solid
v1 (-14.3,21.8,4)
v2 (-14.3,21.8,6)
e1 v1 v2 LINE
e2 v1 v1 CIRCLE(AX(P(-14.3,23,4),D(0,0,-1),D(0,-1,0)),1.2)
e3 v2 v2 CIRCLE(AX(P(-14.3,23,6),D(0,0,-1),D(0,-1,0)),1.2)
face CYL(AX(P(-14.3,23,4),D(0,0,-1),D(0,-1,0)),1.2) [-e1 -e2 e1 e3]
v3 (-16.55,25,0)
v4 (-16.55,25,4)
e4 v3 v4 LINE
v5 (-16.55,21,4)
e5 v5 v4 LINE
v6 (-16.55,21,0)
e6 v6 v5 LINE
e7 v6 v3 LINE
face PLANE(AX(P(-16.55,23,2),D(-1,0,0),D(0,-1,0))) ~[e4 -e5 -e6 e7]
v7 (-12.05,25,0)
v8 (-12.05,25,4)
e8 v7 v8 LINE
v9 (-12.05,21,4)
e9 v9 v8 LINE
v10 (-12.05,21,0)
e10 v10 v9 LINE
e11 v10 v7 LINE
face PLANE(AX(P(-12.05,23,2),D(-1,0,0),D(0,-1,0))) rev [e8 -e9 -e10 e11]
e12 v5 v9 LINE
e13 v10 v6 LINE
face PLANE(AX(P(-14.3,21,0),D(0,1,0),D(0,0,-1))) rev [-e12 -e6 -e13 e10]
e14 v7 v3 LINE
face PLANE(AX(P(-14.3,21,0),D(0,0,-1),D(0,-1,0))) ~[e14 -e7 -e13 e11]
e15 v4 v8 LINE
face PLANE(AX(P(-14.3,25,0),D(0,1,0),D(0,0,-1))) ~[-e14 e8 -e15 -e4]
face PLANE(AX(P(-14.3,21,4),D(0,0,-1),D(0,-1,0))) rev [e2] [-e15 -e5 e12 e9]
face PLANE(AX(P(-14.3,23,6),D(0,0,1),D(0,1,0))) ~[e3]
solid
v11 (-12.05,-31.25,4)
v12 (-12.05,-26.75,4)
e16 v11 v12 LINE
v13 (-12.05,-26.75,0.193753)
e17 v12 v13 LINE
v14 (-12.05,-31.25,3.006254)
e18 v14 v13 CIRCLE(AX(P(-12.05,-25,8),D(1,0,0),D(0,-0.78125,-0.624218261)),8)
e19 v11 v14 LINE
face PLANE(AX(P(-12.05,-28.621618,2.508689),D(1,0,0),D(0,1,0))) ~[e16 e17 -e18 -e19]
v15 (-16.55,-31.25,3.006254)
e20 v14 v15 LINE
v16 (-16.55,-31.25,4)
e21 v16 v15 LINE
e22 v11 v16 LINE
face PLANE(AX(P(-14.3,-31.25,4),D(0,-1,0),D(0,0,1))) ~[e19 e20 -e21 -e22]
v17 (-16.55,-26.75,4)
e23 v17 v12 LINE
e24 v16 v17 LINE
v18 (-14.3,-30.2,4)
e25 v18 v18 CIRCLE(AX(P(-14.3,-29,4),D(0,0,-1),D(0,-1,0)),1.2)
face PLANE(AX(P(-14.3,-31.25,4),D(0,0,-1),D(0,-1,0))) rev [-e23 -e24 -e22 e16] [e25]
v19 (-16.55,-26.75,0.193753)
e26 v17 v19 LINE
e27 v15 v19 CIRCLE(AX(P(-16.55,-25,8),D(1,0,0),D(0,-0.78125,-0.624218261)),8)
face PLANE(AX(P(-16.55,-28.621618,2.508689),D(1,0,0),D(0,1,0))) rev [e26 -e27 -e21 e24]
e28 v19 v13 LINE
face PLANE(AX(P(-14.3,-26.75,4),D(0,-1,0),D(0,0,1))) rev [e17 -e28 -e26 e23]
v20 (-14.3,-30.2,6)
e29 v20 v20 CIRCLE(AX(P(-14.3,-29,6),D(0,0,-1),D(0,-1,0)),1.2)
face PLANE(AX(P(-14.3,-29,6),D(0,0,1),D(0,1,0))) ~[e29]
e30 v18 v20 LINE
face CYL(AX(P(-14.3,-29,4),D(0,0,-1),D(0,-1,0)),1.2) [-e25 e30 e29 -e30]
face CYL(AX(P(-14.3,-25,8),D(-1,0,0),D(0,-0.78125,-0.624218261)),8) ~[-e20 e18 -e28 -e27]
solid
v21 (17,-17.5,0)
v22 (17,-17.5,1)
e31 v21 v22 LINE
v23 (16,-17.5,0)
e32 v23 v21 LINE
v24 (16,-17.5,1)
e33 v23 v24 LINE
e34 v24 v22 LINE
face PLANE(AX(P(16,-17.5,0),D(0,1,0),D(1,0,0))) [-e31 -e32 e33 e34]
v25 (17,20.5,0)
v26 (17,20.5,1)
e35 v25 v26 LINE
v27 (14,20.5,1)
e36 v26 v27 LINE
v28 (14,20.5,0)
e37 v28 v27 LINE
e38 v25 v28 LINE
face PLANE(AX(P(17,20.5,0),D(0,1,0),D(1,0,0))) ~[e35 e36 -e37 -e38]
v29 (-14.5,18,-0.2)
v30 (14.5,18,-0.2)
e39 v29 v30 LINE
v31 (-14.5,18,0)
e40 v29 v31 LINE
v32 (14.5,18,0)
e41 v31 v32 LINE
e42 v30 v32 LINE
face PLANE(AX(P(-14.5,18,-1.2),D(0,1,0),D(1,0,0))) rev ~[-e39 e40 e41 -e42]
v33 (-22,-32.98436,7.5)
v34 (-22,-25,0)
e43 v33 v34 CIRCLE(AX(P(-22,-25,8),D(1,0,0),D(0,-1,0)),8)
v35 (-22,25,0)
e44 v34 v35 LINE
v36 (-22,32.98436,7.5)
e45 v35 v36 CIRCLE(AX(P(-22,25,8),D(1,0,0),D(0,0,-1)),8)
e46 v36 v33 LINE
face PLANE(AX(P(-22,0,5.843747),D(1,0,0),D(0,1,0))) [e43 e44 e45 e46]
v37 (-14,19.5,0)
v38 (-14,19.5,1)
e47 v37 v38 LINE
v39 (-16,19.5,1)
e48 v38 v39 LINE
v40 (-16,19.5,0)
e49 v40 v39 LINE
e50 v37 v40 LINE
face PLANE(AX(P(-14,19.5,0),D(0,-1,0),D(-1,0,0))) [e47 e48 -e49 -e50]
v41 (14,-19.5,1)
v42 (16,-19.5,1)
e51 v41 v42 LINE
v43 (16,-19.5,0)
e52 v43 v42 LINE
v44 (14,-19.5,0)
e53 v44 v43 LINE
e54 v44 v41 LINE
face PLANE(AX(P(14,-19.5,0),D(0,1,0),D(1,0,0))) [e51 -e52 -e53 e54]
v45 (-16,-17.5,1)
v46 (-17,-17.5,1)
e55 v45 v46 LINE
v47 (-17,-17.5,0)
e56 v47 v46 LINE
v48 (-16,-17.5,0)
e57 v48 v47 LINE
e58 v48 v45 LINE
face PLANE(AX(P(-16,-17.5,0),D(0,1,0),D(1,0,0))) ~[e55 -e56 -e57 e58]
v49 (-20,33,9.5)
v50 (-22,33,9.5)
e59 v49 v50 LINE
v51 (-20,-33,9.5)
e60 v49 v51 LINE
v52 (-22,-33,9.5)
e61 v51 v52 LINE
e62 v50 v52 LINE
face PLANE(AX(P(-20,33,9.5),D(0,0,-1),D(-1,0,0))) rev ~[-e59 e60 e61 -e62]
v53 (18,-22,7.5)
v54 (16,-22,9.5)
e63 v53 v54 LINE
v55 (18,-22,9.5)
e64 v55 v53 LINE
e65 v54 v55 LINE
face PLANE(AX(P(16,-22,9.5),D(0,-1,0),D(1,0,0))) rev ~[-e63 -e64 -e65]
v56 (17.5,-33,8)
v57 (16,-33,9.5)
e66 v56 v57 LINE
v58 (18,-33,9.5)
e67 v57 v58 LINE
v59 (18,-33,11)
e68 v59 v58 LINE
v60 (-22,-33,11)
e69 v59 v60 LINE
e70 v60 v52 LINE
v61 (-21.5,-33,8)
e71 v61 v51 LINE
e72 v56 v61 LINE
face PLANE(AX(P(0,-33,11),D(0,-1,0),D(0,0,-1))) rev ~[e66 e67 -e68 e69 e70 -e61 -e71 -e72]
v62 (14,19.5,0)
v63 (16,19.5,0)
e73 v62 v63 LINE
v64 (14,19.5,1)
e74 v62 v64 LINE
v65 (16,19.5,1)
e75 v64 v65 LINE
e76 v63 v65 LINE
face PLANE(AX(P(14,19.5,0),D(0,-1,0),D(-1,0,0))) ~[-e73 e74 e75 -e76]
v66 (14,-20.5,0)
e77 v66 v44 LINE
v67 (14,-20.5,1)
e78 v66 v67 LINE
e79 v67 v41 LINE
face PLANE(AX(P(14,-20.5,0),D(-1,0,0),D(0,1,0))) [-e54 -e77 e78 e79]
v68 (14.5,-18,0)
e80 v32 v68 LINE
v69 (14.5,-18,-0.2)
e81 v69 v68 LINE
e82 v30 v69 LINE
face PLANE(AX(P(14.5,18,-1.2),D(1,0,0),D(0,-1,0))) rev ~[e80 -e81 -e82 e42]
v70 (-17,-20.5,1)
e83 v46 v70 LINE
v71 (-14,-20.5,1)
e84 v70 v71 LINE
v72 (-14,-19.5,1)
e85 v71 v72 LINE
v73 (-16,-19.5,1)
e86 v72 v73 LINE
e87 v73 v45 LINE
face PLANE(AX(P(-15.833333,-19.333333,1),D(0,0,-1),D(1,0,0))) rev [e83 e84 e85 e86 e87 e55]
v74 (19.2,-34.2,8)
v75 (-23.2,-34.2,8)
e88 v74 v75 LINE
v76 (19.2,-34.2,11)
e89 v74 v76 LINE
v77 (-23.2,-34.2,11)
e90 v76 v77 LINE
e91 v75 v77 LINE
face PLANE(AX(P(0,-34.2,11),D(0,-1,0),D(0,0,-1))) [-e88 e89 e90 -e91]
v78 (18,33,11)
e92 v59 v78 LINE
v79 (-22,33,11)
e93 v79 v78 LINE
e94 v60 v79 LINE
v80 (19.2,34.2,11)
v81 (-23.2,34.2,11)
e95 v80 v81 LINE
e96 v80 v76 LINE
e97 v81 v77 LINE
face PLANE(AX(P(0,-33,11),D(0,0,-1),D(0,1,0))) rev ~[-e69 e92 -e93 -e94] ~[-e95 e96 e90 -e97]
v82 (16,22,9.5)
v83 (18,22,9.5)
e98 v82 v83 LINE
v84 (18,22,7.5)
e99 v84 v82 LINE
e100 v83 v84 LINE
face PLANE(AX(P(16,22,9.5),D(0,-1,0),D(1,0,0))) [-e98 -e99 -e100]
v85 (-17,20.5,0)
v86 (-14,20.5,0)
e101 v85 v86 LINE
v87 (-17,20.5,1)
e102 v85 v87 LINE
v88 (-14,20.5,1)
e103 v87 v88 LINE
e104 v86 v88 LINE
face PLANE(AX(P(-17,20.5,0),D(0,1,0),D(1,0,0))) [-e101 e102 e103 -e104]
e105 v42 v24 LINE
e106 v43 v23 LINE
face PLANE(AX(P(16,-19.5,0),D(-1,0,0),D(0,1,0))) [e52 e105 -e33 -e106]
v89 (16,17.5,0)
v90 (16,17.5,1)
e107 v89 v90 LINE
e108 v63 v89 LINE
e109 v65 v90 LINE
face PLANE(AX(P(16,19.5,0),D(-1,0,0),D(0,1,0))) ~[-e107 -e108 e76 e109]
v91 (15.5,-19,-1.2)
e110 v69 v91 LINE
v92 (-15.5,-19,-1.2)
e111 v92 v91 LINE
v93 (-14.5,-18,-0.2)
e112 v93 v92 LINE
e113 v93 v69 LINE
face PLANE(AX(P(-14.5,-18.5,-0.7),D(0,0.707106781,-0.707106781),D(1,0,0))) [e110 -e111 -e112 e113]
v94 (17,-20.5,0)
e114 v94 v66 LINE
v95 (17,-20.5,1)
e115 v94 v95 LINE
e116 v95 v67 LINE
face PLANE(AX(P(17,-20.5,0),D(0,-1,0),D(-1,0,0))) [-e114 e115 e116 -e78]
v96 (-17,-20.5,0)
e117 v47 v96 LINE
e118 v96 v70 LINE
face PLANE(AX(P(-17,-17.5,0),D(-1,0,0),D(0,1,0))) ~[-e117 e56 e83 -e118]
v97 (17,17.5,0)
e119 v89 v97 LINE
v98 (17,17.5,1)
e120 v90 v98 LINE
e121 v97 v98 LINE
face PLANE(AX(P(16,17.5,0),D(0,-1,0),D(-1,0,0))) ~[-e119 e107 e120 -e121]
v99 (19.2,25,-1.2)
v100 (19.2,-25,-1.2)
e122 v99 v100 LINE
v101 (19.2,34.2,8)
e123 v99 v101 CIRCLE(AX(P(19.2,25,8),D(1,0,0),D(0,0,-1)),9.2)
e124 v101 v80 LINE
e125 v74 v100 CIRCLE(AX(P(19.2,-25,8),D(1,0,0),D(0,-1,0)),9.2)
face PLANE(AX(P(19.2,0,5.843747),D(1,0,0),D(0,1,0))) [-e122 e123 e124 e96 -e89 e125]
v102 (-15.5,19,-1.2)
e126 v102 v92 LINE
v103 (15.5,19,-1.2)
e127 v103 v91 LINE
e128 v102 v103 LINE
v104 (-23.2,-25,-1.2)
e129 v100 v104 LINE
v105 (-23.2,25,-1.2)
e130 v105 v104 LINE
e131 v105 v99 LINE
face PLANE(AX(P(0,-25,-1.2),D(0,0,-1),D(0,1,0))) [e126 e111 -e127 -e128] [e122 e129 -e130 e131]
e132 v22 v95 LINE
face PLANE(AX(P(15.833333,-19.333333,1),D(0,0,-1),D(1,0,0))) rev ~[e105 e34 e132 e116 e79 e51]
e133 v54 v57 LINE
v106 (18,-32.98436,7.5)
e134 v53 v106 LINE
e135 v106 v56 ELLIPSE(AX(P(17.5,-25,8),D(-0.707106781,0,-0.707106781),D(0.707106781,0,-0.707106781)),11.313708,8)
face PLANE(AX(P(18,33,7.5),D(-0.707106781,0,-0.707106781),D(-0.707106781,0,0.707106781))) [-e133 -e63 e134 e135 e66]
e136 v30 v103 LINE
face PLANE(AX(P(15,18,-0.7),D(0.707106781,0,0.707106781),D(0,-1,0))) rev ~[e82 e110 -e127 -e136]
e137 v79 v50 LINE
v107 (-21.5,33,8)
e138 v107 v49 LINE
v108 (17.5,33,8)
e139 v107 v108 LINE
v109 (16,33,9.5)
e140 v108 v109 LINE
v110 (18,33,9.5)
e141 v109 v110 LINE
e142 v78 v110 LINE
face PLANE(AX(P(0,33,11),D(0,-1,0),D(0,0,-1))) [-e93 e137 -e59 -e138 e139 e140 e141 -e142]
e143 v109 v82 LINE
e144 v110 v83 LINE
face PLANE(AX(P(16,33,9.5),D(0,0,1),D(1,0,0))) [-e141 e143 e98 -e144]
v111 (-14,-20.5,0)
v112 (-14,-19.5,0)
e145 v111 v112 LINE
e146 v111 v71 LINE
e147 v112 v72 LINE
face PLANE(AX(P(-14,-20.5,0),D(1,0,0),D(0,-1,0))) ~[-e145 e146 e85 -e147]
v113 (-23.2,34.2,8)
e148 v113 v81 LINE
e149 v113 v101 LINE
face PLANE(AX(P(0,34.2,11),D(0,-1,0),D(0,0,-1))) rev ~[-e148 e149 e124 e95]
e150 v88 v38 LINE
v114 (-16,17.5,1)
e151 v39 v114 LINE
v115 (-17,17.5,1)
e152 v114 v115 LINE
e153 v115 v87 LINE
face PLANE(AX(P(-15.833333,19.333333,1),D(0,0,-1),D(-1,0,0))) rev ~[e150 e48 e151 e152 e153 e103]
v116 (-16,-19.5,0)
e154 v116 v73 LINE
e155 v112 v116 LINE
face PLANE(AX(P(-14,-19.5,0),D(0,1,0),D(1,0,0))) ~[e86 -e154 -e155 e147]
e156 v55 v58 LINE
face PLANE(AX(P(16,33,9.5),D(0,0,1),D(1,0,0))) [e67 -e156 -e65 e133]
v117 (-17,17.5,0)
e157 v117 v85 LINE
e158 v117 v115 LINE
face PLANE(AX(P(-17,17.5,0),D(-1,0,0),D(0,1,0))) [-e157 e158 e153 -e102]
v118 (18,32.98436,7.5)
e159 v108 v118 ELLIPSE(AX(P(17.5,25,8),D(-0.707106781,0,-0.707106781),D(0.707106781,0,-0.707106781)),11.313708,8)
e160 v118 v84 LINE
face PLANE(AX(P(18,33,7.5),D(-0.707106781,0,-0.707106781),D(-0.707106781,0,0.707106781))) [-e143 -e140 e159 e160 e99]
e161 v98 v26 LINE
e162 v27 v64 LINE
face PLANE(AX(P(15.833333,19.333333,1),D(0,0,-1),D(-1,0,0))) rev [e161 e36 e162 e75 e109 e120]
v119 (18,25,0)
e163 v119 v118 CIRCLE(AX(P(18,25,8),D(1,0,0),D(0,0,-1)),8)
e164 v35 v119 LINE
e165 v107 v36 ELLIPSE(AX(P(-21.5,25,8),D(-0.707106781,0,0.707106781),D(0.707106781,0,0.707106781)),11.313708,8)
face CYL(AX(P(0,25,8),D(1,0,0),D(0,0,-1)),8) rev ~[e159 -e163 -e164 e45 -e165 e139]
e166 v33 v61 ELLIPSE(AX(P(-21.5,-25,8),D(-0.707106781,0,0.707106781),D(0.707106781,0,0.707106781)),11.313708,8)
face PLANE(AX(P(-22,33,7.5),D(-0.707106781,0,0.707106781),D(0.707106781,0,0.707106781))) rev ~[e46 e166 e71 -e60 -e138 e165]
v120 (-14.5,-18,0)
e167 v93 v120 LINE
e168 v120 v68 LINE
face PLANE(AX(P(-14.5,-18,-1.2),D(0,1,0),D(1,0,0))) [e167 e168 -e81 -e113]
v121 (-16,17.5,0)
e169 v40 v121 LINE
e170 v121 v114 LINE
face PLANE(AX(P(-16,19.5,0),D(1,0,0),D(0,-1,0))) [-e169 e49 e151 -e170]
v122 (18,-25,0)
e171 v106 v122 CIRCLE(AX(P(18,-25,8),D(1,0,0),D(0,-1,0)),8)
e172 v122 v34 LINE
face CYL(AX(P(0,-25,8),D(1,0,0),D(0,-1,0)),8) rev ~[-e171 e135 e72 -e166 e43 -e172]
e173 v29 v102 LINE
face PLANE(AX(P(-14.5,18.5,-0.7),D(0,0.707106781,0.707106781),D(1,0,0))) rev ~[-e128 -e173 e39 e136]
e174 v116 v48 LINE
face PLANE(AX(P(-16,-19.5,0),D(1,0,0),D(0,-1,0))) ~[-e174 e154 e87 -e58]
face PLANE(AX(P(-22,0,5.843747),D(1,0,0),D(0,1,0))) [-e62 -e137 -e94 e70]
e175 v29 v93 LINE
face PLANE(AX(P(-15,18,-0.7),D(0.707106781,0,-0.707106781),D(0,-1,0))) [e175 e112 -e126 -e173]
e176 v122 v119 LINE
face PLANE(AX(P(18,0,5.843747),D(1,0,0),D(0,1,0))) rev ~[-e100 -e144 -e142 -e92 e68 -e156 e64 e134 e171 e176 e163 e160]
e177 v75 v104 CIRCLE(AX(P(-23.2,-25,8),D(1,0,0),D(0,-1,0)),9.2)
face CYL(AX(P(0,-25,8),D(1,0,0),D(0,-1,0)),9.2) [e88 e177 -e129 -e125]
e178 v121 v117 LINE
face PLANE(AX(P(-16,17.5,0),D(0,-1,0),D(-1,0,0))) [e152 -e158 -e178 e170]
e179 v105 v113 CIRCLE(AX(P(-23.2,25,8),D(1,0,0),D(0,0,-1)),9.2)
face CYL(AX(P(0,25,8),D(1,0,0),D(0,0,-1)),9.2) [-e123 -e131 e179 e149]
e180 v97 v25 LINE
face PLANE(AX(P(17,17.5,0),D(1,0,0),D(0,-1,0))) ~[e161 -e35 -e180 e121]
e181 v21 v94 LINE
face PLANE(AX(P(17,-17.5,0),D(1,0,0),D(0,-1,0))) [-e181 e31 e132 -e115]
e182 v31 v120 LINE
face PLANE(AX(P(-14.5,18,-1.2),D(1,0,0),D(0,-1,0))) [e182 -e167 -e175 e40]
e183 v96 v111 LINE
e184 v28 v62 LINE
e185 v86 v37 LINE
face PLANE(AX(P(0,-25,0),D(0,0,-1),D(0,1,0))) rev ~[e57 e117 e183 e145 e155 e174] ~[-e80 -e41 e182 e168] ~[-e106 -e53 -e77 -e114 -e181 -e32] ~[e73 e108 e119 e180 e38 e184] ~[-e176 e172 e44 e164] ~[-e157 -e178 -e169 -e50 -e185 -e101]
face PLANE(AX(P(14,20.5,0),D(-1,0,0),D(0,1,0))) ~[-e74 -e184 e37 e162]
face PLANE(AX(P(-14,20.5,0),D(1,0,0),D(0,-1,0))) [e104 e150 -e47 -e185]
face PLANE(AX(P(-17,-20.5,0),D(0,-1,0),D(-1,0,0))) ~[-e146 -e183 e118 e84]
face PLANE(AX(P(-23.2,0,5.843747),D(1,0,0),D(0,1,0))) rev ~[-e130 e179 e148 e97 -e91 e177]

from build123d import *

# Parameters (mm, degrees)
PAD_DEPTH          = 18
PAD_DEPTH_BACK     = 22
THICKNESS_T        = 1.2
SKETCH002_W        = 29
SKETCH002_H        = 36
POCKET_DEPTH       = 12.201
CHAMFER_SIZE       = 1
PAD002_DEPTH       = 1
POLARPATTERN_COUNT = 2
PAD007_DEPTH       = 66
PAD008_DEPTH       = 66
SKETCH010_W        = 2
SKETCH010_H        = 44
POCKET001_DEPTH    = 2
SKETCH004_W        = 4
SKETCH004_H        = 4
PAD004_DEPTH       = 2.25
SKETCH006_R        = 1.2
PAD005_DEPTH       = 2
PAD003_DEPTH       = 2.25
PAD003_DEPTH_BACK  = 2.25
SKETCH007_R        = 1.2
PAD006_DEPTH       = 2


with BuildPart() as cuerpoprincipal:
    # Sketch → Pad (new body, two sides)
    with BuildSketch(Plane.YZ) as pad_sk:
        with BuildLine():
            Line((-25, 0), (25, 0))
            ThreePointArc((25, 0), (30.6568542495, 2.3431457505), (33, 8))
            Line((33, 11), (33, 8))
            Line((-33, 11), (33, 11))
            Line((-33, 11), (-33, 8))
            ThreePointArc((-33, 8), (-30.6568542495, 2.3431457505), (-25, 0))
        make_face()
    extrude(amount=PAD_DEPTH)
    extrude(pad_sk.sketch, amount=-PAD_DEPTH_BACK)

    # Thickness
    thickness_openings = [cuerpoprincipal.faces().sort_by_distance(p)[0] for p in [
        (-2, 0, 11),
    ]]
    offset(amount=THICKNESS_T, openings=thickness_openings, kind=Kind.INTERSECTION)

    # Sketch002 (on Face11 of Thickness) → Pocket (cut, through all)
    with BuildSketch(Plane(origin=(0, 0, -1.2), x_dir=(1, 0, 0), z_dir=(0, 0, -1))):
        Rectangle(SKETCH002_W, SKETCH002_H)
    extrude(amount=-POCKET_DEPTH, mode=Mode.SUBTRACT)

    # Chamfer
    chamfer_edges = [cuerpoprincipal.edges().sort_by_distance(p)[0] for p in [
        (0, 18, -1.2),
        (14.5, 0, -1.2),
        (0, -18, -1.2),
        (-14.5, 0, -1.2),
    ]]
    chamfer(chamfer_edges, length=CHAMFER_SIZE)

    # Sketch003 (on Face17 of Chamfer) → Pad002 (join)
    with BuildSketch(Plane.XY):
        Polygon((-17, 20.5), (-14, 20.5), (-14, 19.5), (-16, 19.5), (-16, 17.5), (-17, 17.5), align=None)
    pad002 = extrude(amount=PAD002_DEPTH)

    # PolarPattern: Pad002 ×2 about axis
    polarpattern_axis = Axis((0, 0, 0), (0, 0, 1))
    for i in range(1, POLARPATTERN_COUNT):
        add(pad002.rotate(polarpattern_axis, i * 360 / POLARPATTERN_COUNT))

    # Mirrored: Pad002 across XZ
    add(pad002.mirror(Plane.XZ))

    # Mirrored001: Pad002 across YZ
    add(pad002.mirror(Plane.YZ))

    # Sketch008 (on Face20 of Mirrored001) → Pad007 (join)
    with BuildSketch(Plane.XZ.offset(-33)):
        Polygon((-22, 7.5), (-20, 9.5), (-22, 9.5), align=None)
    extrude(amount=PAD007_DEPTH)

    # Sketch009 (on Face20 of Pad007) → Pad008 (join)
    with BuildSketch(Plane.XZ.offset(-33)):
        Polygon((16, 9.5), (18, 9.5), (18, 7.5), align=None)
    extrude(amount=PAD008_DEPTH)

    # Sketch010 (on Face53 of Pad008) → Pocket001 (cut)
    with BuildSketch(Plane.XY.offset(9.5)):
        with Locations((17, 0)):
            Rectangle(SKETCH010_W, SKETCH010_H)
    extrude(amount=-POCKET001_DEPTH, mode=Mode.SUBTRACT)


with BuildPart() as soportespantallarecto:
    # Sketch004 → Pad004 (new body, symmetric)
    with BuildSketch(Plane.YZ.offset(14.3)):
        with Locations((23, 2)):
            Rectangle(SKETCH004_W, SKETCH004_H)
    extrude(amount=PAD004_DEPTH, both=True)

    # Sketch006 (on Face1 of Pad004) → Pad005 (join)
    with BuildSketch(Plane(origin=(0, 0, 4), x_dir=(0, -1, 0), z_dir=(0, 0, 1))):
        with Locations((-23, 14.3)):
            Circle(SKETCH006_R)
    extrude(amount=PAD005_DEPTH)


with BuildPart() as part_mirroring001:
    # Part__Mirroring001: instance of SoportesPantallaRecto
    add(soportespantallarecto.part.mirror(Plane(origin=(0, 0, 0), x_dir=(0, -1, 0), z_dir=(1, 0, 0))))


with BuildPart() as soportespantallacurvo:
    # Sketch005 → Pad003 (new body, two sides)
    with BuildSketch(Plane.YZ.offset(14.3)) as pad003_sk:
        with BuildLine():
            Line((-31.25, 4), (-26.7500000001, 4))
            Line((-26.7500000001, 4), (-26.7500000001, 0.193752502))
            ThreePointArc((-31.25, 3.0062539111), (-29.2399930477, 1.2160145228), (-26.7500000001, 0.193752502))
            Line((-31.25, 4), (-31.25, 3.0062539111))
        make_face()
    extrude(amount=PAD003_DEPTH)
    extrude(pad003_sk.sketch, amount=-PAD003_DEPTH_BACK)

    # Sketch007 (on Face1 of Pad003) → Pad006 (join)
    with BuildSketch(Plane(origin=(0, 0, 4), x_dir=(0, -1, 0), z_dir=(0, 0, 1))):
        with Locations((29, 14.3)):
            Circle(SKETCH007_R)
    extrude(amount=PAD006_DEPTH)


with BuildPart() as part_mirroring002:
    # Part__Mirroring002: instance of SoportesPantallaCurvo
    add(soportespantallacurvo.part.mirror(Plane(origin=(0, 0, 0), x_dir=(0, -1, 0), z_dir=(1, 0, 0))))


solid = Compound([cuerpoprincipal.part, part_mirroring001.part, part_mirroring002.part])
